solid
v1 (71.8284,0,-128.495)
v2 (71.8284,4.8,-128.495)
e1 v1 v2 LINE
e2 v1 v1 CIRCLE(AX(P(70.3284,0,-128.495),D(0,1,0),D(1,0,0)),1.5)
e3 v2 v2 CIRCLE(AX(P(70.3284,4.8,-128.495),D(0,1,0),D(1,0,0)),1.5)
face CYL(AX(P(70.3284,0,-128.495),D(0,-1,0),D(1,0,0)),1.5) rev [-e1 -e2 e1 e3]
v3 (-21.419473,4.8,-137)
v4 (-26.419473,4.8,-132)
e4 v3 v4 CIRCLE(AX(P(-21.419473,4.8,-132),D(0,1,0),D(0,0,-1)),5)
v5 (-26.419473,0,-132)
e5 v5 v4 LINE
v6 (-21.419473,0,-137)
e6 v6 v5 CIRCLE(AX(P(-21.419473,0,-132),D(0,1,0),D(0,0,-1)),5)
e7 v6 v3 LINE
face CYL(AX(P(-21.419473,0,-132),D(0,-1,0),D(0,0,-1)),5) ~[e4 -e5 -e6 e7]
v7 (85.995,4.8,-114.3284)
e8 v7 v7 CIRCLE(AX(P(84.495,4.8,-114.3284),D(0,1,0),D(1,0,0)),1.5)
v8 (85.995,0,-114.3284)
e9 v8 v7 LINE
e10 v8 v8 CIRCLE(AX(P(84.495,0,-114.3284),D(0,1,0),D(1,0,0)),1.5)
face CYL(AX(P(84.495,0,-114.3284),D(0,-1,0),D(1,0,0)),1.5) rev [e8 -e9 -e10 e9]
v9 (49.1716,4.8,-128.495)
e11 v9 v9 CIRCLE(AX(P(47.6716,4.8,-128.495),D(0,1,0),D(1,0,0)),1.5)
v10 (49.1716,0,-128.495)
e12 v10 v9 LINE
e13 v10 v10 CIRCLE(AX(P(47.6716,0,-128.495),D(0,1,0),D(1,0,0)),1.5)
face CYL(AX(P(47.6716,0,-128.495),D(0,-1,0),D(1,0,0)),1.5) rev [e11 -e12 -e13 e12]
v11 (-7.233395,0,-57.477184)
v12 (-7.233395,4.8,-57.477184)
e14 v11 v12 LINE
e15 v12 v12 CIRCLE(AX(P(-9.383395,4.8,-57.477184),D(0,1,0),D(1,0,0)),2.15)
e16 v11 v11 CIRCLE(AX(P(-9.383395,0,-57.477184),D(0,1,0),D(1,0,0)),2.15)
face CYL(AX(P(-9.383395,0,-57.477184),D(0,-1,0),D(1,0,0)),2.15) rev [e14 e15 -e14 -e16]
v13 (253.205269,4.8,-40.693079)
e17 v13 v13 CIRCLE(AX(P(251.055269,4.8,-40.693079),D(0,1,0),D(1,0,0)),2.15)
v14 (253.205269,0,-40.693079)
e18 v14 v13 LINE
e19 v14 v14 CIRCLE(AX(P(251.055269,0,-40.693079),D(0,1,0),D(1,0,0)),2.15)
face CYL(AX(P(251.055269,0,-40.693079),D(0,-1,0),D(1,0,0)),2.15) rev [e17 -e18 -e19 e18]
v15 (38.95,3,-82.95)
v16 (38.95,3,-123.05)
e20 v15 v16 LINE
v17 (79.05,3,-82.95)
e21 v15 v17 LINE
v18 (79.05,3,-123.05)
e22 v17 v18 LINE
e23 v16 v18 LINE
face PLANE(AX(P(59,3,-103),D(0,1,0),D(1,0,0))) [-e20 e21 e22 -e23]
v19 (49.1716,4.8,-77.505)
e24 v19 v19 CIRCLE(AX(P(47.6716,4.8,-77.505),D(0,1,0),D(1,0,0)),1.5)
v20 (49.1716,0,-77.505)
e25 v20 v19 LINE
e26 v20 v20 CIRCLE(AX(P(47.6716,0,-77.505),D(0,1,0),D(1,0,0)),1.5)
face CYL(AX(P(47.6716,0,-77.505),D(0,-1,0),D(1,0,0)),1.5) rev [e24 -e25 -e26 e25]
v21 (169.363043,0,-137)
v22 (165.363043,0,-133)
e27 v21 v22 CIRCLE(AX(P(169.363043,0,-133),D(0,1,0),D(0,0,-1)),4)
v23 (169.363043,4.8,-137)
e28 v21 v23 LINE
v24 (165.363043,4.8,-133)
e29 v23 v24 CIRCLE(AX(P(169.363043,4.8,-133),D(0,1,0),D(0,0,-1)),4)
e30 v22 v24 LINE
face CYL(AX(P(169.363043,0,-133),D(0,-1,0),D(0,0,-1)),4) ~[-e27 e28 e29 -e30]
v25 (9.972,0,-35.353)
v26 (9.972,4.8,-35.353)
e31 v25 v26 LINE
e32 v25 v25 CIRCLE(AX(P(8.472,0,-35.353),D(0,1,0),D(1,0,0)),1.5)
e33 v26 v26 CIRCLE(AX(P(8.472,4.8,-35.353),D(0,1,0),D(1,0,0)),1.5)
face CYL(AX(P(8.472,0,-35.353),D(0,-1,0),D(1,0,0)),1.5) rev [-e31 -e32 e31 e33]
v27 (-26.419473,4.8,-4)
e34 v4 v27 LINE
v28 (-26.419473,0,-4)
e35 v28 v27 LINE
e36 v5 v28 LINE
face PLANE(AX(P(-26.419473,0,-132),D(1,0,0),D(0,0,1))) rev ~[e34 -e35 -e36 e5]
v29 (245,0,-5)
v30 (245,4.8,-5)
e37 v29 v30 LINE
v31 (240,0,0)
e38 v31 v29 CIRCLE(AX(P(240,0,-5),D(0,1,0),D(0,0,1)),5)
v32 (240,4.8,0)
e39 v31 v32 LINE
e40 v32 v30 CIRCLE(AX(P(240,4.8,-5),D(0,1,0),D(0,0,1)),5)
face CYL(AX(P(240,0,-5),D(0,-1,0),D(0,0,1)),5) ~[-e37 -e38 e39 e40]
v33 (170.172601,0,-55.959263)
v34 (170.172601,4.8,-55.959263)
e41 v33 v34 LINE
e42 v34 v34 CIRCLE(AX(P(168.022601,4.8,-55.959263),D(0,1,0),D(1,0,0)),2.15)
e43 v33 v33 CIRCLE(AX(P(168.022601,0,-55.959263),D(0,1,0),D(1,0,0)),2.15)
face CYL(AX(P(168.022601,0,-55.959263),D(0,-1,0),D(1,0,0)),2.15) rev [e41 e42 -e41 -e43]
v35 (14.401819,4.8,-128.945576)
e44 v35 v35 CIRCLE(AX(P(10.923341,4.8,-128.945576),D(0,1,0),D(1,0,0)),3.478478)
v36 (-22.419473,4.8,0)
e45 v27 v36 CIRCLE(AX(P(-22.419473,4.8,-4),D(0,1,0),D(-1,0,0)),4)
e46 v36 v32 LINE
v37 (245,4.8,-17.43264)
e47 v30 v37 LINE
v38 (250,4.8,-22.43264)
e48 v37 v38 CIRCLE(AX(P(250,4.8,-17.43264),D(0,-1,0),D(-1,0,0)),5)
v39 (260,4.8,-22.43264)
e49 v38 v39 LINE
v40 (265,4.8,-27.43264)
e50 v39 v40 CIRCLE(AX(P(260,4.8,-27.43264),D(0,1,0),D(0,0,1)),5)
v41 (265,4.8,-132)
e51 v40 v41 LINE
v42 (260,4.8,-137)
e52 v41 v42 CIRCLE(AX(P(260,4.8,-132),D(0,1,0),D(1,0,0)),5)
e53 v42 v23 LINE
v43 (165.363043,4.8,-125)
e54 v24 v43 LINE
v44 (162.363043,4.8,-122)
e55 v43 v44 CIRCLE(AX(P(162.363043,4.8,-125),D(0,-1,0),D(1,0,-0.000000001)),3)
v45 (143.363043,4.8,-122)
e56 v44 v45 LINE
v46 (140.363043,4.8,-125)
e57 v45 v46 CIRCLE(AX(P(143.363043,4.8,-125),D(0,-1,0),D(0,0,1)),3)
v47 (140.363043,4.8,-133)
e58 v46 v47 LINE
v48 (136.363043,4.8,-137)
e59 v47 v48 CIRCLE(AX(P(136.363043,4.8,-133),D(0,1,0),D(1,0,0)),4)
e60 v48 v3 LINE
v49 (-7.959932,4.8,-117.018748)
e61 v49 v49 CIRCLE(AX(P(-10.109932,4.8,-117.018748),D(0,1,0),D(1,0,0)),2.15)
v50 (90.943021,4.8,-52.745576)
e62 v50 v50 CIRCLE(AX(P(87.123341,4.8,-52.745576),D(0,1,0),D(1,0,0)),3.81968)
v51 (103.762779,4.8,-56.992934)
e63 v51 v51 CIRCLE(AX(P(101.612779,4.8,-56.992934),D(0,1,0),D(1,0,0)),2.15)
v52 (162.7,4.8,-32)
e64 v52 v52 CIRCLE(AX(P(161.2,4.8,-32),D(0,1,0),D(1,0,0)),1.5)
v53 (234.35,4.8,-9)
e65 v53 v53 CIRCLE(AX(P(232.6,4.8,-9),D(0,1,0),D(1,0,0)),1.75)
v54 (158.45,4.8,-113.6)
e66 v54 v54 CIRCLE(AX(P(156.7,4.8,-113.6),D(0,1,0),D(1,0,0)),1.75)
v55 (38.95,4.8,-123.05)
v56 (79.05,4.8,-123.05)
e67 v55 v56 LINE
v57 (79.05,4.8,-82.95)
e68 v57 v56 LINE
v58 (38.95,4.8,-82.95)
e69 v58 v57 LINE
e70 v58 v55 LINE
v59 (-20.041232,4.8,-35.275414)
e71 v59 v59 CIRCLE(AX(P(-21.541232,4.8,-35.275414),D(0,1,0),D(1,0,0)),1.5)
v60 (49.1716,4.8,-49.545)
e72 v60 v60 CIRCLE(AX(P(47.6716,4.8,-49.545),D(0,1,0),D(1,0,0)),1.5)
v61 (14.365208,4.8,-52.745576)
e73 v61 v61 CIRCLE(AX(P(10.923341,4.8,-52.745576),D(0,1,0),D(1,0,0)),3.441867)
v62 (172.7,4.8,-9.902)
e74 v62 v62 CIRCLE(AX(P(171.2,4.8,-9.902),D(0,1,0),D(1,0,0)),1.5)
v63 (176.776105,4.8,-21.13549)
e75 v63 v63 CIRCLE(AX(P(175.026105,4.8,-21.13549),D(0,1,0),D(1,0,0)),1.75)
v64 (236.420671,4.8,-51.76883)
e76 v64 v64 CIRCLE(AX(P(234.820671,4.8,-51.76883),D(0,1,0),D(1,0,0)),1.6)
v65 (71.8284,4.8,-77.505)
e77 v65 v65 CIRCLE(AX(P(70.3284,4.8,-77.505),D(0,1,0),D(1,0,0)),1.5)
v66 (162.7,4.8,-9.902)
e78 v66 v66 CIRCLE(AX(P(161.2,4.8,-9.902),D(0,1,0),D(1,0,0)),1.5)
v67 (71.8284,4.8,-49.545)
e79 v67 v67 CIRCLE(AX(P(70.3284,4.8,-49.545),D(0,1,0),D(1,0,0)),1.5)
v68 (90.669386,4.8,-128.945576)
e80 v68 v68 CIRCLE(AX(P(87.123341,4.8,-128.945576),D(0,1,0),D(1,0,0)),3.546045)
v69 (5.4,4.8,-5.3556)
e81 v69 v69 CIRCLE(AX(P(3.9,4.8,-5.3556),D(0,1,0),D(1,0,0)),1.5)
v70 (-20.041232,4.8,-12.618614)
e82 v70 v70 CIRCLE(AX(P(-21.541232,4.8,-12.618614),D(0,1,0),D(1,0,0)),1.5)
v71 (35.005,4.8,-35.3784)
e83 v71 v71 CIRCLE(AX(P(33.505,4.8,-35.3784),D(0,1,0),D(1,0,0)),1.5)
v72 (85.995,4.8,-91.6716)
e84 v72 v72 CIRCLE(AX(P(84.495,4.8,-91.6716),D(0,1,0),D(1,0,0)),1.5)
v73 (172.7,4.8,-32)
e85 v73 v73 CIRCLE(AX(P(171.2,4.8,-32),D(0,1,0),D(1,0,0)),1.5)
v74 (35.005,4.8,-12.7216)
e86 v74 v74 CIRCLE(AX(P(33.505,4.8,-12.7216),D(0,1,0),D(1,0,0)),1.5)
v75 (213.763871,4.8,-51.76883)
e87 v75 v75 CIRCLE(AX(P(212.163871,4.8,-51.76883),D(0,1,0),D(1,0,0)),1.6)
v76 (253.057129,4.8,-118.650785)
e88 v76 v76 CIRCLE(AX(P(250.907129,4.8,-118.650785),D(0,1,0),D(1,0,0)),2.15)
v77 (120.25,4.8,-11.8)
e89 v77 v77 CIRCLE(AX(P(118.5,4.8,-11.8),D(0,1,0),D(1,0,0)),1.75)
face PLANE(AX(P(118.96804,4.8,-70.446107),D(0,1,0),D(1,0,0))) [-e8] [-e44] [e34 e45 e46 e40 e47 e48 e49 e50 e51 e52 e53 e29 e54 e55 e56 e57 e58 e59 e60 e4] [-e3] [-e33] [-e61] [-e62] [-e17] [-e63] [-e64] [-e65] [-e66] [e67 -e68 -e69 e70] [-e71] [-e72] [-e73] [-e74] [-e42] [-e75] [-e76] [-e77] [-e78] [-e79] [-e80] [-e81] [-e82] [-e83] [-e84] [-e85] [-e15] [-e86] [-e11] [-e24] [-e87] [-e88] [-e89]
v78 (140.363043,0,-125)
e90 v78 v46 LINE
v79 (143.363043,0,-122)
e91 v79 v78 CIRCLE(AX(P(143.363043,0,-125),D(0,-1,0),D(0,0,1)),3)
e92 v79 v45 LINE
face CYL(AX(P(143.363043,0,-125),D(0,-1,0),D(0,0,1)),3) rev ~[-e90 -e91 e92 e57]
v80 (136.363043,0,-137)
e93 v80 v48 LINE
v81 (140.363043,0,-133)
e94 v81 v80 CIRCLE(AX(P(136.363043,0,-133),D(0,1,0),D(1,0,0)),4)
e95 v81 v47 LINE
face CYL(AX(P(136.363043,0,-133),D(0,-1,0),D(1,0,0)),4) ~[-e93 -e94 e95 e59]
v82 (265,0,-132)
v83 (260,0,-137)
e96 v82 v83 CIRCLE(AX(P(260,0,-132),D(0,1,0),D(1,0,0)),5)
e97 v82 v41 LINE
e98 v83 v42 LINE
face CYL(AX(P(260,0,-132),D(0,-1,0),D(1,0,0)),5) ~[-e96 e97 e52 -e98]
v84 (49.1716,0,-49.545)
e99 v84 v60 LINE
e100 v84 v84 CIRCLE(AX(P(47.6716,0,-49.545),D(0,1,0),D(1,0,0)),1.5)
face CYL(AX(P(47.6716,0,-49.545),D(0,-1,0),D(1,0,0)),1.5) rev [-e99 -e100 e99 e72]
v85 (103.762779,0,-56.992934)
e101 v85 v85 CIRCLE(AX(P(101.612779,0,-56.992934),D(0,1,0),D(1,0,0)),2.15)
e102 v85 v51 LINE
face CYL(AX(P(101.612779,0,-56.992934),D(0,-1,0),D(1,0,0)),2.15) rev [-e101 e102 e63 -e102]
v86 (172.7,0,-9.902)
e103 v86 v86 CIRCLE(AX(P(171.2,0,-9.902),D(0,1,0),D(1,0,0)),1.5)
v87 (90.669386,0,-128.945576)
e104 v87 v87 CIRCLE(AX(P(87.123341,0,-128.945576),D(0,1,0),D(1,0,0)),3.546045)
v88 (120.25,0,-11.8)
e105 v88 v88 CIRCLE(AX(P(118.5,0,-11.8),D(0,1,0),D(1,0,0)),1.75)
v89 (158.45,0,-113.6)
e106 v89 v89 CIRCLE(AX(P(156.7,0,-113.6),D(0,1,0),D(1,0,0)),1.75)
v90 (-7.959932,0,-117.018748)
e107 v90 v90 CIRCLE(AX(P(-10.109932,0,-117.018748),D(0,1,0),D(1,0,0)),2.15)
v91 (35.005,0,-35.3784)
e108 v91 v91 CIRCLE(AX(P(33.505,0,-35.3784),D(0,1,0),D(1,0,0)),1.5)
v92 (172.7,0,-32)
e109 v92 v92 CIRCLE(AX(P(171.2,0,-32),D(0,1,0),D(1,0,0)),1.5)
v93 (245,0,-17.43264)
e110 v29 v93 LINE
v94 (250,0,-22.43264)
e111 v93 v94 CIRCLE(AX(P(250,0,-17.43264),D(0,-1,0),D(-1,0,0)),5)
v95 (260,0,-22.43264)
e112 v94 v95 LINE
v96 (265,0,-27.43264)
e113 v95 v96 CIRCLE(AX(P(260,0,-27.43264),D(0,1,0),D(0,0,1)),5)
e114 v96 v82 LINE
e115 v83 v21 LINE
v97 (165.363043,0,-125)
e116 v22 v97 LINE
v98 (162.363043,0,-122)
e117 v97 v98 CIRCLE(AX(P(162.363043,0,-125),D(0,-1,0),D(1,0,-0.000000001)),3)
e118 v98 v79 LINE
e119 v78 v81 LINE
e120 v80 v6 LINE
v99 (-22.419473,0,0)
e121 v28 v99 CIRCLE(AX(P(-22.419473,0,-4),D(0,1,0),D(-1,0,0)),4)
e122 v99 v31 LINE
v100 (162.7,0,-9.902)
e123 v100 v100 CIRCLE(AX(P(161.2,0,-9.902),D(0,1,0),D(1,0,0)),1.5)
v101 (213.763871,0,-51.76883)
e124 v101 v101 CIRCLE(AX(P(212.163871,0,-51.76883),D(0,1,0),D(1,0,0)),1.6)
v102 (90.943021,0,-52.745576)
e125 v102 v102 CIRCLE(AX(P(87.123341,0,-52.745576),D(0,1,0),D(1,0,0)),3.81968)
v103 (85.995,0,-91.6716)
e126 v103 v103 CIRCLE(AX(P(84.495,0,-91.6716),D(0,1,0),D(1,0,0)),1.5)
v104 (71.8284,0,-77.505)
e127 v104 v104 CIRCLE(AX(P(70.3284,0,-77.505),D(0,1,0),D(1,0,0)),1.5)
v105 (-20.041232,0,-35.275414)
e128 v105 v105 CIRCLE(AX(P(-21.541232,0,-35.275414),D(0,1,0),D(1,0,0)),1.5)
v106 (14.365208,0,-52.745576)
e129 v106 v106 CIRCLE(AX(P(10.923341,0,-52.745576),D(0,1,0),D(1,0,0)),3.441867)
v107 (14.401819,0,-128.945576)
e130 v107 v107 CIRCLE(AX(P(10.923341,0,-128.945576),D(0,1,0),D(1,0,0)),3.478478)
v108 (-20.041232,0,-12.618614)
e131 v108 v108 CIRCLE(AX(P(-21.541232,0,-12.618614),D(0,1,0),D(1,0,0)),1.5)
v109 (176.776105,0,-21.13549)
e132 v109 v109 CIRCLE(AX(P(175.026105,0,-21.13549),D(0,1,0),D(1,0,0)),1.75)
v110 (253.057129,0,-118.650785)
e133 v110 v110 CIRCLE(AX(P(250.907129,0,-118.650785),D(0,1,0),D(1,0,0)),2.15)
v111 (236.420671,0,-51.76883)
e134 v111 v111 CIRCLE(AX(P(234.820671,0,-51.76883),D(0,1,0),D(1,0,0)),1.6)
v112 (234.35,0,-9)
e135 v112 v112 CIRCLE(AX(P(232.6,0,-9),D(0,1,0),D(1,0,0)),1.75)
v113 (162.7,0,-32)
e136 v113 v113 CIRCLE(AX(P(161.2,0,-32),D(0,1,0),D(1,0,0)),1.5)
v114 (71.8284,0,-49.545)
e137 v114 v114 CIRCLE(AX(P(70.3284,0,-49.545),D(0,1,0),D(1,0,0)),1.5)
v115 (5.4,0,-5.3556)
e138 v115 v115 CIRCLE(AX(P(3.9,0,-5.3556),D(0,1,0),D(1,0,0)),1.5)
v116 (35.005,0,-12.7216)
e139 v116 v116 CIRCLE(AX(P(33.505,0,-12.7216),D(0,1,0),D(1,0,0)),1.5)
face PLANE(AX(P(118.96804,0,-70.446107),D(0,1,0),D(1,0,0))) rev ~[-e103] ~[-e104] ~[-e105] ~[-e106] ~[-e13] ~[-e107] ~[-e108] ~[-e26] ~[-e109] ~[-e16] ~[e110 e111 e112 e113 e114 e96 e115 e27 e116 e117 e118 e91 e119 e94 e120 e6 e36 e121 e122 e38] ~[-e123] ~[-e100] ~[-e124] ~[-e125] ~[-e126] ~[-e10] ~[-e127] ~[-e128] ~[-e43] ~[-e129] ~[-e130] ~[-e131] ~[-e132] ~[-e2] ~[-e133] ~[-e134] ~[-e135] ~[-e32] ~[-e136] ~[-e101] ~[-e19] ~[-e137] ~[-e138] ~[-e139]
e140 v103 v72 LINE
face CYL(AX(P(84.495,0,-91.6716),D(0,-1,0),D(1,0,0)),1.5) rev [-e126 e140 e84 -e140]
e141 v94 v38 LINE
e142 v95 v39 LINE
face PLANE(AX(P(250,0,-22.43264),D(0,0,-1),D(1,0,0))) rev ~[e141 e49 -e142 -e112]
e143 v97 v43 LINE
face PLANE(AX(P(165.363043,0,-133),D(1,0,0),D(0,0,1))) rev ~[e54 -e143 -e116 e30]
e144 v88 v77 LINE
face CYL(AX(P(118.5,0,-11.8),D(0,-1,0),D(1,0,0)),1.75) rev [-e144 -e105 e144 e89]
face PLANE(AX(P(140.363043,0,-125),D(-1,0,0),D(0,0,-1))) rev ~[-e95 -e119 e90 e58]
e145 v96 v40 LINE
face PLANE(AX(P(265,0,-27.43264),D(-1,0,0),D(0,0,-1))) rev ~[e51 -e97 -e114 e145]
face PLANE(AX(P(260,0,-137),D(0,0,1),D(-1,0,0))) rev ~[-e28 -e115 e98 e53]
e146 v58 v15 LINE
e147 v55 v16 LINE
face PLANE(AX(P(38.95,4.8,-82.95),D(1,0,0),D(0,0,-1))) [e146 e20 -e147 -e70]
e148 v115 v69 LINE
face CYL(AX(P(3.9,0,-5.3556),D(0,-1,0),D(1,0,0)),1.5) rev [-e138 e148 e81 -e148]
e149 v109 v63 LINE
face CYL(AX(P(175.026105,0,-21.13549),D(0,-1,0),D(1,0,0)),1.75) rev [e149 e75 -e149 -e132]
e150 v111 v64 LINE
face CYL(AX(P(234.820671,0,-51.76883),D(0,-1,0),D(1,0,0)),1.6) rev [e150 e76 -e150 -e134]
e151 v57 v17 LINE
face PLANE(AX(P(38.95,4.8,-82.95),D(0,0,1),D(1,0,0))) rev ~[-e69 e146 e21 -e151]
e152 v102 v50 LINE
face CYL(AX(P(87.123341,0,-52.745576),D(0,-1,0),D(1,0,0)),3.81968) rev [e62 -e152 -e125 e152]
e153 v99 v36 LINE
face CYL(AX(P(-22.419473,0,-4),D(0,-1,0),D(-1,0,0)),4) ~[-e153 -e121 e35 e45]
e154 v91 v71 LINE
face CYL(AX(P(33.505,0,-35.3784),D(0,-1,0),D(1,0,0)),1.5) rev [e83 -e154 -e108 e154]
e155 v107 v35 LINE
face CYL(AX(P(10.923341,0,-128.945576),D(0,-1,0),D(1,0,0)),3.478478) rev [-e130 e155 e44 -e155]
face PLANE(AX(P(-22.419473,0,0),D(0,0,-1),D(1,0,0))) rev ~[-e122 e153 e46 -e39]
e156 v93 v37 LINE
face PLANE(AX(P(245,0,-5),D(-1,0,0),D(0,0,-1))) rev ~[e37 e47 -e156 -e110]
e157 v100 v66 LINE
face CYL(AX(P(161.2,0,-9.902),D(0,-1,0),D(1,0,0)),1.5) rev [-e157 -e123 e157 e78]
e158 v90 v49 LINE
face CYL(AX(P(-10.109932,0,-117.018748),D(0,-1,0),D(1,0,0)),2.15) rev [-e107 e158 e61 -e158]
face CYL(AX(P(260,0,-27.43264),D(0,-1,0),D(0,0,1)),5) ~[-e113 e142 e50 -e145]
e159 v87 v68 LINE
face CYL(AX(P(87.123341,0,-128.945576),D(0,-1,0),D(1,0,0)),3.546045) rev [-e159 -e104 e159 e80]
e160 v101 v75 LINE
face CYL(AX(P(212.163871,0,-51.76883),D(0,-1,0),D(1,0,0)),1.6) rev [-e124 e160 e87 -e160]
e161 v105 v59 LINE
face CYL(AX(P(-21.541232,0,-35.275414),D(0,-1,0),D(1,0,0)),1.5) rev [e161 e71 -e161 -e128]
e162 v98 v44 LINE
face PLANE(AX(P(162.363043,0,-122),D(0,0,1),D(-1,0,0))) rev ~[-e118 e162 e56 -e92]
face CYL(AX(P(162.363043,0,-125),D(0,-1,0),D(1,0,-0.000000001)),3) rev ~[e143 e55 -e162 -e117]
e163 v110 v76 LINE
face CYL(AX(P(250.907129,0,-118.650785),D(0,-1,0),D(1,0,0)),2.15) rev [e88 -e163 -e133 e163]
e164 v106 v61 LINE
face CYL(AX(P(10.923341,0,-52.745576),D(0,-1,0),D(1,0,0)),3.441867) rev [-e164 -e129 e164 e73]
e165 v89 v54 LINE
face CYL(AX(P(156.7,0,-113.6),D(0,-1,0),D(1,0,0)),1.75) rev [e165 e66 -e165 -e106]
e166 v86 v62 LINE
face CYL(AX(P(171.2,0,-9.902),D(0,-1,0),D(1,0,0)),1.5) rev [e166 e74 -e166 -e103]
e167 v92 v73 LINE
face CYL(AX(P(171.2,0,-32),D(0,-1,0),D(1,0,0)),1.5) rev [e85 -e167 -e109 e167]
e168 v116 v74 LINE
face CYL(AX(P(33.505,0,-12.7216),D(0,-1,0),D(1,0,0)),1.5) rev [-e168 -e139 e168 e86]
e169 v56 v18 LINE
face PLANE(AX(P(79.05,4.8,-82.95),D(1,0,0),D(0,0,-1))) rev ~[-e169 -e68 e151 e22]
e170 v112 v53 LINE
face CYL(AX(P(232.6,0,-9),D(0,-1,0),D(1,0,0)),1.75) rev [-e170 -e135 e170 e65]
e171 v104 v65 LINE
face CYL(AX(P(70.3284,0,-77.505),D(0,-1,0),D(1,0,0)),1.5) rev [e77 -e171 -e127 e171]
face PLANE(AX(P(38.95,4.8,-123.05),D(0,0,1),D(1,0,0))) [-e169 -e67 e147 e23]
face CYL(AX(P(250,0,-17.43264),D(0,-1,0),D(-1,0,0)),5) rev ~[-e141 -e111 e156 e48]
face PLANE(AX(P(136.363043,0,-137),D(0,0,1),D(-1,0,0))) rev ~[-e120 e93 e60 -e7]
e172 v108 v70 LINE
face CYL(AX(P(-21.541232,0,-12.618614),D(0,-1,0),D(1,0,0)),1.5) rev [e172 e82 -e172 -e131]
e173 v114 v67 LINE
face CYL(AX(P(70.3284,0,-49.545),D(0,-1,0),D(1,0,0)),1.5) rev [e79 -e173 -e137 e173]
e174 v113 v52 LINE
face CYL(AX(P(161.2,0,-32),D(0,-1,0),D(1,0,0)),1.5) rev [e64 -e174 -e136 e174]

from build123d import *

# Parameters (mm, degrees)
SKETCH1_R           = 3.441866939
SKETCH1_R_2         = 3.819680327
SKETCH1_R_3         = 3.478478145
SKETCH1_R_4         = 3.546045212
SKETCH1_R_5         = 2.15
SKETCH1_R_6         = 1.75
SKETCH1_R_7         = 1.6
SKETCH1_R_8         = 1.5
BOSS_EXTRUDE1_DEPTH = 4.8
SKETCH8_W           = 40.1
SKETCH8_H           = 40.1
CUT_EXTRUDE3_DEPTH  = 1.8


with BuildPart() as part:
    # Sketch1 → Boss-Extrude1 (new body)
    with BuildSketch(Plane(origin=(0, 0, 0), x_dir=(1, 0, 0), z_dir=(0, 1, 0))):
        with BuildLine():
            Line((245, 5), (245, 17.432639589))
            ThreePointArc((245, 17.432639589), (246.464466094, 20.968173495), (250, 22.432639589))
            Line((250, 22.432639589), (260, 22.432639589))
            ThreePointArc((260, 22.432639589), (263.535533906, 23.897105683), (265, 27.432639589))
            Line((265, 27.432639589), (265, 132))
            ThreePointArc((265, 132), (263.535533906, 135.535533906), (260, 137))
            Line((260, 137), (169.363043016, 137))
            ThreePointArc((169.363043016, 137), (166.534615891, 135.828427125), (165.363043016, 133))
            Line((165.363043016, 133), (165.363043016, 125))
            ThreePointArc((165.363043016, 125), (164.48436336, 122.878679656), (162.363043016, 122))
            Line((162.363043016, 122), (143.363043016, 122))
            ThreePointArc((143.363043016, 122), (141.241722673, 122.878679656), (140.363043016, 125))
            Line((140.363043016, 125), (140.363043016, 133))
            ThreePointArc((140.363043016, 133), (139.191470141, 135.828427125), (136.363043016, 137))
            Line((136.363043016, 137), (-21.419472962, 137))
            ThreePointArc((-21.419472962, 137), (-24.955006868, 135.535533906), (-26.419472962, 132))
            Line((-26.419472962, 132), (-26.419472962, 4))
            ThreePointArc((-26.419472962, 4), (-25.247900086, 1.171572875), (-22.419472962, 0))
            Line((-22.419472962, 0), (0, 0))
            Line((0, 0), (240, 0))
            ThreePointArc((240, 0), (243.535533906, 1.464466094), (245, 5))
        make_face()
        with Locations((10.923340914, 52.745575572)):
            Circle(SKETCH1_R, mode=Mode.SUBTRACT)
        with Locations((87.123340914, 52.745575572)):
            Circle(SKETCH1_R_2, mode=Mode.SUBTRACT)
        with Locations((10.923340914, 128.945575572)):
            Circle(SKETCH1_R_3, mode=Mode.SUBTRACT)
        with Locations((87.123340914, 128.945575572)):
            Circle(SKETCH1_R_4, mode=Mode.SUBTRACT)
        with Locations((251.055268843, 40.693078652)):
            Circle(SKETCH1_R_5, mode=Mode.SUBTRACT)
        with Locations((250.907128745, 118.650785042)):
            Circle(SKETCH1_R_5, mode=Mode.SUBTRACT)
        with Locations((-9.383394869, 57.477183604)):
            Circle(SKETCH1_R_5, mode=Mode.SUBTRACT)
        with Locations((232.6, 9)):
            Circle(SKETCH1_R_6, mode=Mode.SUBTRACT)
        with Locations((-10.109931835, 117.018747652)):
            Circle(SKETCH1_R_5, mode=Mode.SUBTRACT)
        with Locations((175.026105079, 21.135490335)):
            Circle(SKETCH1_R_6, mode=Mode.SUBTRACT)
        with Locations((234.82067073, 51.7688297)):
            Circle(SKETCH1_R_7, mode=Mode.SUBTRACT)
        with Locations((212.16387073, 51.7688297)):
            Circle(SKETCH1_R_7, mode=Mode.SUBTRACT)
        with Locations((101.612778703, 56.992933905)):
            Circle(SKETCH1_R_5, mode=Mode.SUBTRACT)
        with Locations((168.022600915, 55.959262506)):
            Circle(SKETCH1_R_5, mode=Mode.SUBTRACT)
        with Locations((171.2, 32)):
            Circle(SKETCH1_R_8, mode=Mode.SUBTRACT)
        with Locations((171.2, 9.902)):
            Circle(SKETCH1_R_8, mode=Mode.SUBTRACT)
        with Locations((118.5, 11.8)):
            Circle(SKETCH1_R_6, mode=Mode.SUBTRACT)
        with Locations((161.2, 9.902)):
            Circle(SKETCH1_R_8, mode=Mode.SUBTRACT)
        with Locations((161.2, 32)):
            Circle(SKETCH1_R_8, mode=Mode.SUBTRACT)
        with Locations((156.7, 113.6)):
            Circle(SKETCH1_R_6, mode=Mode.SUBTRACT)
        with Locations((84.495, 114.3284)):
            Circle(SKETCH1_R_8, mode=Mode.SUBTRACT)
        with Locations((84.495, 91.6716)):
            Circle(SKETCH1_R_8, mode=Mode.SUBTRACT)
        with Locations((70.3284, 77.505)):
            Circle(SKETCH1_R_8, mode=Mode.SUBTRACT)
        with Locations((47.6716, 77.505)):
            Circle(SKETCH1_R_8, mode=Mode.SUBTRACT)
        with Locations((47.6716, 128.495)):
            Circle(SKETCH1_R_8, mode=Mode.SUBTRACT)
        with Locations((70.3284, 128.495)):
            Circle(SKETCH1_R_8, mode=Mode.SUBTRACT)
        with Locations((33.505, 12.7216)):
            Circle(SKETCH1_R_8, mode=Mode.SUBTRACT)
        with Locations((33.505, 35.3784)):
            Circle(SKETCH1_R_8, mode=Mode.SUBTRACT)
        with Locations((70.3284, 49.545)):
            Circle(SKETCH1_R_8, mode=Mode.SUBTRACT)
        with Locations((47.6716, 49.545)):
            Circle(SKETCH1_R_8, mode=Mode.SUBTRACT)
        with Locations((3.9, 5.3556)):
            Circle(SKETCH1_R_8, mode=Mode.SUBTRACT)
        with Locations((8.472, 35.353)):
            Circle(SKETCH1_R_8, mode=Mode.SUBTRACT)
        with Locations((-21.541231751, 12.61861449)):
            Circle(SKETCH1_R_8, mode=Mode.SUBTRACT)
        with Locations((-21.541231751, 35.27541449)):
            Circle(SKETCH1_R_8, mode=Mode.SUBTRACT)
    extrude(amount=BOSS_EXTRUDE1_DEPTH)

    # Sketch8 → Cut-Extrude3 (cut)
    with BuildSketch(Plane(origin=(0, 4.8, 0), x_dir=(1, 0, 0), z_dir=(0, 1, 0))):
        with Locations((59, 103)):
            Rectangle(SKETCH8_W, SKETCH8_H)
    extrude(amount=-CUT_EXTRUDE3_DEPTH, mode=Mode.SUBTRACT)


solid = part.part
